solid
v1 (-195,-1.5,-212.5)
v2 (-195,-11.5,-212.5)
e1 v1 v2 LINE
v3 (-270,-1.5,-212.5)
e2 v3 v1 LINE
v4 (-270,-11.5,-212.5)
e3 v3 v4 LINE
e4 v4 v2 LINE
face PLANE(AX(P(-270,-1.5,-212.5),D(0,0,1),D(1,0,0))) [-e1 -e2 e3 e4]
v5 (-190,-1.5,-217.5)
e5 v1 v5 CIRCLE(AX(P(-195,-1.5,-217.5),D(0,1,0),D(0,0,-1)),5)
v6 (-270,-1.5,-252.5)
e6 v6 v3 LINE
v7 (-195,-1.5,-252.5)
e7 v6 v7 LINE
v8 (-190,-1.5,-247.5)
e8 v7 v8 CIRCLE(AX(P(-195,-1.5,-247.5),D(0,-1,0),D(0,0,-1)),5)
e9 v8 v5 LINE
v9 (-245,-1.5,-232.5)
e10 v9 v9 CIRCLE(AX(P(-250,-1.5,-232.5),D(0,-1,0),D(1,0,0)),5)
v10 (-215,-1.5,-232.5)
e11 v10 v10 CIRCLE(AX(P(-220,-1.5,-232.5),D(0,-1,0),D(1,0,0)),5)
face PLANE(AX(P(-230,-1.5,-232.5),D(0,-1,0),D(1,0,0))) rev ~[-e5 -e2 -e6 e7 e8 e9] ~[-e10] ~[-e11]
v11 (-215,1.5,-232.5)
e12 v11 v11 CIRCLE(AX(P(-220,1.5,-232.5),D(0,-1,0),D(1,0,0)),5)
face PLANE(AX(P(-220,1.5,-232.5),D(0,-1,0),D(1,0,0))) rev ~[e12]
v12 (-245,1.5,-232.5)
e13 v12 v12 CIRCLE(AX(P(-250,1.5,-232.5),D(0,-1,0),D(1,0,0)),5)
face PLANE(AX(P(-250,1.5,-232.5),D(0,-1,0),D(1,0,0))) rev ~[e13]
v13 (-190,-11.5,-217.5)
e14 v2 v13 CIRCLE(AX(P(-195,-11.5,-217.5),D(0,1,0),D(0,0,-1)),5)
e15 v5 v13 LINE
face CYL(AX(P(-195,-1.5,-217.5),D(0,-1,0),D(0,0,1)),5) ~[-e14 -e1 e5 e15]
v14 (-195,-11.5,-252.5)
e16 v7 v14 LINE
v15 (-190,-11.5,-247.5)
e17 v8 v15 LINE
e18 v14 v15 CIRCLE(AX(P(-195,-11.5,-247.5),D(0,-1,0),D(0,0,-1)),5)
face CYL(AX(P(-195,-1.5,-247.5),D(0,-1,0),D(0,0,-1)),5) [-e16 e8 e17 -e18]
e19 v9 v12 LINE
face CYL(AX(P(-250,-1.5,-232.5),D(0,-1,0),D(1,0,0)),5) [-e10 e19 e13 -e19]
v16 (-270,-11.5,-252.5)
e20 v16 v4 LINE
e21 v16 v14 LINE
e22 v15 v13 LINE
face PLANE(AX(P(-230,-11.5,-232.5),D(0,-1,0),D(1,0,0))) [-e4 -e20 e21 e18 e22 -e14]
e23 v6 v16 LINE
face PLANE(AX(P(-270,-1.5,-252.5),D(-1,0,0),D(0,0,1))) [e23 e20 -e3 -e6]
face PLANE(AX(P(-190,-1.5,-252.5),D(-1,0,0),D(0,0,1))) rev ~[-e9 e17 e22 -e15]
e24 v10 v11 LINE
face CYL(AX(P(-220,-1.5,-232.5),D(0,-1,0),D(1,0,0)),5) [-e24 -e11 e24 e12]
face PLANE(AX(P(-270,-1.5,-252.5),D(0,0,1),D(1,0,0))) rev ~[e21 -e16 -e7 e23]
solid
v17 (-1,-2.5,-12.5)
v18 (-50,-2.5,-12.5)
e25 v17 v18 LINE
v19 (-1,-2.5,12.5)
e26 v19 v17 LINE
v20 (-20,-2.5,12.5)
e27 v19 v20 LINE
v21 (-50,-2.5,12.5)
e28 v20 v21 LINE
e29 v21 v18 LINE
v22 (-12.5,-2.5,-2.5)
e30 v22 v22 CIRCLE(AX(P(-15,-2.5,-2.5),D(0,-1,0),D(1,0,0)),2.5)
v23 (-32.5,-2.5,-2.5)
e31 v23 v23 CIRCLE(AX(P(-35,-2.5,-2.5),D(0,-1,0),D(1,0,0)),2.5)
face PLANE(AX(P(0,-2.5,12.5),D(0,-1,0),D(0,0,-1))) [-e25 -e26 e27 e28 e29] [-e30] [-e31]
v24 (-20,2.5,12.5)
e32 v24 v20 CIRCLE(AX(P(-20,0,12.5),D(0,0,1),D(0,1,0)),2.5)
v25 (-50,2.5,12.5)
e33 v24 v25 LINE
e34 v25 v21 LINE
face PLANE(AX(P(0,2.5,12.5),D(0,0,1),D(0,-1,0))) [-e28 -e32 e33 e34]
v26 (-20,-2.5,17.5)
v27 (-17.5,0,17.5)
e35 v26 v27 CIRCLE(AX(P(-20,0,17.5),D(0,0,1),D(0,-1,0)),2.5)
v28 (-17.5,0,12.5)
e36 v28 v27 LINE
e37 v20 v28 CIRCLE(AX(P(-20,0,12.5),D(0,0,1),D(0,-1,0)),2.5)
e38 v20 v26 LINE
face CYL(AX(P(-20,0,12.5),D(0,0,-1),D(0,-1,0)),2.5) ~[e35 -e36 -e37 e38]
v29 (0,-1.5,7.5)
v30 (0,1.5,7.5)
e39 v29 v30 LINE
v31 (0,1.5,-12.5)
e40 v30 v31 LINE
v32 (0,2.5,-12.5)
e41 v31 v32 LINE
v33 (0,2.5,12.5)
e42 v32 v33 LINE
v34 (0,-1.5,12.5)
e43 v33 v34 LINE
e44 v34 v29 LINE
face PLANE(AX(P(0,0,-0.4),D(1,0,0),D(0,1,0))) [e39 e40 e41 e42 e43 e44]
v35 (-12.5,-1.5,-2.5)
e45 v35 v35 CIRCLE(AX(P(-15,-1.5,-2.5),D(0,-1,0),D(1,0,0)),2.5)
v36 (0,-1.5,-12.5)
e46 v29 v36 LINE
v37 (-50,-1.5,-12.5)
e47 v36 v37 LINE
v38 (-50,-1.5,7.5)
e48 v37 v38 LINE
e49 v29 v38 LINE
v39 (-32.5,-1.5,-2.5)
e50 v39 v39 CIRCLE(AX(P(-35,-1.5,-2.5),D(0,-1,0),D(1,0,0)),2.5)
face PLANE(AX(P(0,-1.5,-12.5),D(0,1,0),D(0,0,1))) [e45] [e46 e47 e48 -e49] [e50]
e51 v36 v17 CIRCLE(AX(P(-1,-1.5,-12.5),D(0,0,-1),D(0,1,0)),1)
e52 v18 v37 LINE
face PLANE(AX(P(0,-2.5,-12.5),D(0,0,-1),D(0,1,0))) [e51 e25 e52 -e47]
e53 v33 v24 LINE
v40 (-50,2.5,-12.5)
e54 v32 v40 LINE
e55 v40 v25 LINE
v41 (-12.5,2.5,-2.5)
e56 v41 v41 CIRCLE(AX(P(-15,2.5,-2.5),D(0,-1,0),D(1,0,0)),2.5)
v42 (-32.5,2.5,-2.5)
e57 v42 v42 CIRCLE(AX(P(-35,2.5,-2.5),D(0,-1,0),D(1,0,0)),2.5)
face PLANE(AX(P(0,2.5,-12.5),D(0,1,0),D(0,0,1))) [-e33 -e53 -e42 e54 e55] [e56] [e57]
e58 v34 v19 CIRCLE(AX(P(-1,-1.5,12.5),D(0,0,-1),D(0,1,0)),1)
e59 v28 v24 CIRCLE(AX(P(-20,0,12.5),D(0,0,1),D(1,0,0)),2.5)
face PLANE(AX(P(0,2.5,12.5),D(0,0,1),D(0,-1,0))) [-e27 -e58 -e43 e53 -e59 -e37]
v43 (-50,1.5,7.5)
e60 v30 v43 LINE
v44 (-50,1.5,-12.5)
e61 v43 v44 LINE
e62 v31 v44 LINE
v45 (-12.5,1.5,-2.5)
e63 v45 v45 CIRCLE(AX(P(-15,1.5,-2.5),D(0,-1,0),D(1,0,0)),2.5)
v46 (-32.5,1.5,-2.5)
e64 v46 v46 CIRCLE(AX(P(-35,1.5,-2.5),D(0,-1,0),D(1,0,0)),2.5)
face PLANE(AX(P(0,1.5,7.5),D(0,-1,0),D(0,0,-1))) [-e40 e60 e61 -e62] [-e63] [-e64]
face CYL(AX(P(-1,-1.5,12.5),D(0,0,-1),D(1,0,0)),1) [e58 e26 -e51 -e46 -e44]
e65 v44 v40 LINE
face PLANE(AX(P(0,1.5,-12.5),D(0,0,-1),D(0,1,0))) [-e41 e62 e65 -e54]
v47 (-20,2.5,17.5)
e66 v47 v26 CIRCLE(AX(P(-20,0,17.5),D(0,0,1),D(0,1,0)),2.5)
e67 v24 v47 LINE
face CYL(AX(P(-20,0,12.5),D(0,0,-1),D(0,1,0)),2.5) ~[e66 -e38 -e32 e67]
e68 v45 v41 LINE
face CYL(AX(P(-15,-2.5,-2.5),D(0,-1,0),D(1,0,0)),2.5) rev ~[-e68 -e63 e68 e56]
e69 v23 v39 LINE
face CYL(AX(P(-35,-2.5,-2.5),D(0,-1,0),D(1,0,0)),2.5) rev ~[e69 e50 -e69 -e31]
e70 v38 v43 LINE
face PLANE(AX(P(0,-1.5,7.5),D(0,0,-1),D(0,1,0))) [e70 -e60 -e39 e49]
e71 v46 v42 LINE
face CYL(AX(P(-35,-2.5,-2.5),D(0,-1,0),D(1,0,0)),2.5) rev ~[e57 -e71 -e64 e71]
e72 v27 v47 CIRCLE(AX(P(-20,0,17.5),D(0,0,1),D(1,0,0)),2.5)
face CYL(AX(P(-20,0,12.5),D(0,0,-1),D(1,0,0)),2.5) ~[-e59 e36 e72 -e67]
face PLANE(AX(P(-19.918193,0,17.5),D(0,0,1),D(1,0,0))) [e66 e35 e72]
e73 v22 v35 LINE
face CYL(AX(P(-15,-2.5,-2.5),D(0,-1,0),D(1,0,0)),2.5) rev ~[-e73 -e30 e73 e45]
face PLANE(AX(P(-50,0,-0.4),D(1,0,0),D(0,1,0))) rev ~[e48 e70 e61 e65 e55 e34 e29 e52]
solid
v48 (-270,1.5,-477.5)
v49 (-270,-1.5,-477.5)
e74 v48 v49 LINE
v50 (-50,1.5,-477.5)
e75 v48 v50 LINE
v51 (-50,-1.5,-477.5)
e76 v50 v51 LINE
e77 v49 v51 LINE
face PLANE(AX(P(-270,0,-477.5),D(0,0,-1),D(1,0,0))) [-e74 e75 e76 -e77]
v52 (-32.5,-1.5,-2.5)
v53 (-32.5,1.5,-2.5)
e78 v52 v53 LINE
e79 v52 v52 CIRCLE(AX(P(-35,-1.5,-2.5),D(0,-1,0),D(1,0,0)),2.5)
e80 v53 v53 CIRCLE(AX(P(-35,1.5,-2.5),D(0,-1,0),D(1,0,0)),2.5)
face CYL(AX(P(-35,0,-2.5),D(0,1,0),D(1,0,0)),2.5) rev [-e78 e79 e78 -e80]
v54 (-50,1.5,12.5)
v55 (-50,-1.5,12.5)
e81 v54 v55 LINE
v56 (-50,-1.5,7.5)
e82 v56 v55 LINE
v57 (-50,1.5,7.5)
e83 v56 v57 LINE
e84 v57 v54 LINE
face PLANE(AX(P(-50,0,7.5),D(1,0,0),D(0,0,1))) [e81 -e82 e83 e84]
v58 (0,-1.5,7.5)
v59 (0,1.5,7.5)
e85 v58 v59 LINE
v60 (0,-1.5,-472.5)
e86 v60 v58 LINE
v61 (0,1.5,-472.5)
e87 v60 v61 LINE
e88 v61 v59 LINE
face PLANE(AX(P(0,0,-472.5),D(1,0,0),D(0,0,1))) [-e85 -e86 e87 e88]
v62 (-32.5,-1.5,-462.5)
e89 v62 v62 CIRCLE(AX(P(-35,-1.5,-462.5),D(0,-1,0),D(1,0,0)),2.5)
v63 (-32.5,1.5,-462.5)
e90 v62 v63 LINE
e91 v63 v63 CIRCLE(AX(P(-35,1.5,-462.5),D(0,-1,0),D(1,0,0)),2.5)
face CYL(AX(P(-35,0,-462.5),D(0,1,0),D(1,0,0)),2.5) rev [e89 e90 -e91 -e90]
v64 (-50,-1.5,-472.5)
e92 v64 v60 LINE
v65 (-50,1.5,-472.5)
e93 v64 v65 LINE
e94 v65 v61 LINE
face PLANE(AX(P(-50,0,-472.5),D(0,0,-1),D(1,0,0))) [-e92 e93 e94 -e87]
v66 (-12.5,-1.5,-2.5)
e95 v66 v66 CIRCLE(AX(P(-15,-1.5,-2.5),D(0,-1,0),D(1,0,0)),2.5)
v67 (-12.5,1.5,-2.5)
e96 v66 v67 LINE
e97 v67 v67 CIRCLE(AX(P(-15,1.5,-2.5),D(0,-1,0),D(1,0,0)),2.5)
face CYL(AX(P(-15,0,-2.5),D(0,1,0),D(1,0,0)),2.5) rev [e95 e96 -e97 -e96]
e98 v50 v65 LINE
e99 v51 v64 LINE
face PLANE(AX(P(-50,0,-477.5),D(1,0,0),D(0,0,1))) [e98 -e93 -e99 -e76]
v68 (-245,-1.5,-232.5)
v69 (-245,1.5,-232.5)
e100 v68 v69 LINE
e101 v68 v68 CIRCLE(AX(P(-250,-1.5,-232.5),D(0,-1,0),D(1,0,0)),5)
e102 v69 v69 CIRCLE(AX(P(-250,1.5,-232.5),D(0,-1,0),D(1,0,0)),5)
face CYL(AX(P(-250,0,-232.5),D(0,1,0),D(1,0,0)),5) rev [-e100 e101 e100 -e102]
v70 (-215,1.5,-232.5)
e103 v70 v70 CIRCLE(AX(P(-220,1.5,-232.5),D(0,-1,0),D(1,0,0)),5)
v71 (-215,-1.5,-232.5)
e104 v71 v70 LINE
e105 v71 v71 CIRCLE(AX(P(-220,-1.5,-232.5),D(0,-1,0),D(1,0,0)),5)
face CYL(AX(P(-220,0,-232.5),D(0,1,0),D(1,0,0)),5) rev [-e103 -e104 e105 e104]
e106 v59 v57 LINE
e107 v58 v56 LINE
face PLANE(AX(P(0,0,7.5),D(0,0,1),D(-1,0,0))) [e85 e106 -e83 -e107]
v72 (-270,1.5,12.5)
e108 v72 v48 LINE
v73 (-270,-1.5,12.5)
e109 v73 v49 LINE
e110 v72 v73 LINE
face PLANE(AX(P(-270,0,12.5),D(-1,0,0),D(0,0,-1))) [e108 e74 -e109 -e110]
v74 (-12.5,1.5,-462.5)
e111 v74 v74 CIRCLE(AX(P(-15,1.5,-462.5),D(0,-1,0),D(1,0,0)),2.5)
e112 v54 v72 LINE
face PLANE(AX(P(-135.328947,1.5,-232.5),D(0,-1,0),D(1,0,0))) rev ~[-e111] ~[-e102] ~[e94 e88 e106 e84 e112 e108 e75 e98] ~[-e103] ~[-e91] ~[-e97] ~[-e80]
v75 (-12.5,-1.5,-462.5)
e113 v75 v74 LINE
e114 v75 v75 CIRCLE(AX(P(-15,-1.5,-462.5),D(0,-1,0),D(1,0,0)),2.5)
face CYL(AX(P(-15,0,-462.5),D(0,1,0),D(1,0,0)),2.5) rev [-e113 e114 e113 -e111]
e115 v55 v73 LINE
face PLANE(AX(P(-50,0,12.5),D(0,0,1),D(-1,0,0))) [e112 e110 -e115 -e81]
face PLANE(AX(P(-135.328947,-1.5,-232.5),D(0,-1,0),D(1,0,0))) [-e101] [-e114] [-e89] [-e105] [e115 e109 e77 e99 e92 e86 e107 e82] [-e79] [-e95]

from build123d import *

# Parameters (mm, degrees)
F1_DEPTH  = 50
F3_DEPTH  = 5
F4_R      = 2.5
F5_DEPTH  = 25
F6_R      = 2.5
F6_R_2    = 5
F7_DEPTH  = 1.5
F8_W      = 80
F8_H      = 40
F8_R      = 5
F9_DEPTH  = 10
F10_DEPTH = 3
F11_R     = 5
F12_R     = 1


with BuildPart() as f1:
    # F0 (on Right) → F1 (new body)
    with BuildSketch(Plane.YZ):
        Polygon((1.5, -12.5), (2.5, -12.5), (2.5, 12.5), (-2.5, 12.5), (-2.5, -12.5), (-1.5, -12.5), (-1.5, 7.5), (1.5, 7.5), align=None)
    extrude(amount=-F1_DEPTH)

    # F2 (on face) → F3 (join)
    with BuildSketch(Plane.XY.offset(12.5)):
        with BuildLine():
            ThreePointArc((-20, -2.5), (-18.232233047, -1.767766953), (-17.5, 0))
            ThreePointArc((-17.5, 0), (-18.232233047, 1.767766953), (-20, 2.5))
            ThreePointArc((-20, 2.5), (-22.5, 0), (-20, -2.5))
        make_face()
    extrude(amount=F3_DEPTH)

    # F4 (on face) → F5 (cut)
    with BuildSketch(Plane.XZ.offset(2.5)):
        with Locations((-35, -2.5)):
            Circle(F4_R)
        with Locations((-15, -2.5)):
            Circle(F4_R)
    extrude(amount=-F5_DEPTH, mode=Mode.SUBTRACT)

    # F12
    f12_edges = [f1.edges().sort_by_distance(p)[0] for p in [
        (0, -2.5, 0),
    ]]
    fillet(f12_edges, radius=F12_R)


with BuildPart() as f7:
    # F6 (on Front) → F7 (new body, symmetric)
    with BuildSketch(Plane.XZ):
        Polygon((-50, 7.5), (-50, 12.5), (-270, 12.5), (-270, -232.5), (-270, -477.5), (-50, -477.5), (-50, -472.5), (0, -472.5), (0, -232.5), (0, 7.5), align=None)
        with Locations((-35, -462.5)):
            Circle(F6_R, mode=Mode.SUBTRACT)
        with Locations((-15, -462.5)):
            Circle(F6_R, mode=Mode.SUBTRACT)
        with Locations((-250, -232.5)):
            Circle(F6_R_2, mode=Mode.SUBTRACT)
        with Locations((-220, -232.5)):
            Circle(F6_R_2, mode=Mode.SUBTRACT)
        with Locations((-35, -2.5)):
            Circle(F6_R, mode=Mode.SUBTRACT)
        with Locations((-15, -2.5)):
            Circle(F6_R, mode=Mode.SUBTRACT)
    extrude(amount=F7_DEPTH, both=True)


with BuildPart() as f9:
    # F8 (on face) → F9 (new body)
    with BuildSketch(Plane.XZ.offset(1.5)):
        with Locations((-230, -232.5)):
            Rectangle(F8_W, F8_H)
        with Locations((-250, -232.5)):
            Circle(F8_R, mode=Mode.SUBTRACT)
        with Locations((-220, -232.5)):
            Circle(F8_R, mode=Mode.SUBTRACT)
        with Locations((-250, -232.5)):
            Circle(F8_R)
        with Locations((-220, -232.5)):
            Circle(F8_R)
    extrude(amount=F9_DEPTH)

    # F8 (on face) → F10 (join)
    with BuildSketch(Plane.XZ.offset(1.5)):
        with Locations((-250, -232.5)):
            Circle(F8_R)
        with Locations((-220, -232.5)):
            Circle(F8_R)
    extrude(amount=-F10_DEPTH)

    # F11
    f11_edges = [f9.edges().sort_by_distance(p)[0] for p in [
        (-190, -6.5, -212.5),
        (-190, -6.5, -252.5),
    ]]
    fillet(f11_edges, radius=F11_R)


solid = Compound([f1.part, f7.part, f9.part])
